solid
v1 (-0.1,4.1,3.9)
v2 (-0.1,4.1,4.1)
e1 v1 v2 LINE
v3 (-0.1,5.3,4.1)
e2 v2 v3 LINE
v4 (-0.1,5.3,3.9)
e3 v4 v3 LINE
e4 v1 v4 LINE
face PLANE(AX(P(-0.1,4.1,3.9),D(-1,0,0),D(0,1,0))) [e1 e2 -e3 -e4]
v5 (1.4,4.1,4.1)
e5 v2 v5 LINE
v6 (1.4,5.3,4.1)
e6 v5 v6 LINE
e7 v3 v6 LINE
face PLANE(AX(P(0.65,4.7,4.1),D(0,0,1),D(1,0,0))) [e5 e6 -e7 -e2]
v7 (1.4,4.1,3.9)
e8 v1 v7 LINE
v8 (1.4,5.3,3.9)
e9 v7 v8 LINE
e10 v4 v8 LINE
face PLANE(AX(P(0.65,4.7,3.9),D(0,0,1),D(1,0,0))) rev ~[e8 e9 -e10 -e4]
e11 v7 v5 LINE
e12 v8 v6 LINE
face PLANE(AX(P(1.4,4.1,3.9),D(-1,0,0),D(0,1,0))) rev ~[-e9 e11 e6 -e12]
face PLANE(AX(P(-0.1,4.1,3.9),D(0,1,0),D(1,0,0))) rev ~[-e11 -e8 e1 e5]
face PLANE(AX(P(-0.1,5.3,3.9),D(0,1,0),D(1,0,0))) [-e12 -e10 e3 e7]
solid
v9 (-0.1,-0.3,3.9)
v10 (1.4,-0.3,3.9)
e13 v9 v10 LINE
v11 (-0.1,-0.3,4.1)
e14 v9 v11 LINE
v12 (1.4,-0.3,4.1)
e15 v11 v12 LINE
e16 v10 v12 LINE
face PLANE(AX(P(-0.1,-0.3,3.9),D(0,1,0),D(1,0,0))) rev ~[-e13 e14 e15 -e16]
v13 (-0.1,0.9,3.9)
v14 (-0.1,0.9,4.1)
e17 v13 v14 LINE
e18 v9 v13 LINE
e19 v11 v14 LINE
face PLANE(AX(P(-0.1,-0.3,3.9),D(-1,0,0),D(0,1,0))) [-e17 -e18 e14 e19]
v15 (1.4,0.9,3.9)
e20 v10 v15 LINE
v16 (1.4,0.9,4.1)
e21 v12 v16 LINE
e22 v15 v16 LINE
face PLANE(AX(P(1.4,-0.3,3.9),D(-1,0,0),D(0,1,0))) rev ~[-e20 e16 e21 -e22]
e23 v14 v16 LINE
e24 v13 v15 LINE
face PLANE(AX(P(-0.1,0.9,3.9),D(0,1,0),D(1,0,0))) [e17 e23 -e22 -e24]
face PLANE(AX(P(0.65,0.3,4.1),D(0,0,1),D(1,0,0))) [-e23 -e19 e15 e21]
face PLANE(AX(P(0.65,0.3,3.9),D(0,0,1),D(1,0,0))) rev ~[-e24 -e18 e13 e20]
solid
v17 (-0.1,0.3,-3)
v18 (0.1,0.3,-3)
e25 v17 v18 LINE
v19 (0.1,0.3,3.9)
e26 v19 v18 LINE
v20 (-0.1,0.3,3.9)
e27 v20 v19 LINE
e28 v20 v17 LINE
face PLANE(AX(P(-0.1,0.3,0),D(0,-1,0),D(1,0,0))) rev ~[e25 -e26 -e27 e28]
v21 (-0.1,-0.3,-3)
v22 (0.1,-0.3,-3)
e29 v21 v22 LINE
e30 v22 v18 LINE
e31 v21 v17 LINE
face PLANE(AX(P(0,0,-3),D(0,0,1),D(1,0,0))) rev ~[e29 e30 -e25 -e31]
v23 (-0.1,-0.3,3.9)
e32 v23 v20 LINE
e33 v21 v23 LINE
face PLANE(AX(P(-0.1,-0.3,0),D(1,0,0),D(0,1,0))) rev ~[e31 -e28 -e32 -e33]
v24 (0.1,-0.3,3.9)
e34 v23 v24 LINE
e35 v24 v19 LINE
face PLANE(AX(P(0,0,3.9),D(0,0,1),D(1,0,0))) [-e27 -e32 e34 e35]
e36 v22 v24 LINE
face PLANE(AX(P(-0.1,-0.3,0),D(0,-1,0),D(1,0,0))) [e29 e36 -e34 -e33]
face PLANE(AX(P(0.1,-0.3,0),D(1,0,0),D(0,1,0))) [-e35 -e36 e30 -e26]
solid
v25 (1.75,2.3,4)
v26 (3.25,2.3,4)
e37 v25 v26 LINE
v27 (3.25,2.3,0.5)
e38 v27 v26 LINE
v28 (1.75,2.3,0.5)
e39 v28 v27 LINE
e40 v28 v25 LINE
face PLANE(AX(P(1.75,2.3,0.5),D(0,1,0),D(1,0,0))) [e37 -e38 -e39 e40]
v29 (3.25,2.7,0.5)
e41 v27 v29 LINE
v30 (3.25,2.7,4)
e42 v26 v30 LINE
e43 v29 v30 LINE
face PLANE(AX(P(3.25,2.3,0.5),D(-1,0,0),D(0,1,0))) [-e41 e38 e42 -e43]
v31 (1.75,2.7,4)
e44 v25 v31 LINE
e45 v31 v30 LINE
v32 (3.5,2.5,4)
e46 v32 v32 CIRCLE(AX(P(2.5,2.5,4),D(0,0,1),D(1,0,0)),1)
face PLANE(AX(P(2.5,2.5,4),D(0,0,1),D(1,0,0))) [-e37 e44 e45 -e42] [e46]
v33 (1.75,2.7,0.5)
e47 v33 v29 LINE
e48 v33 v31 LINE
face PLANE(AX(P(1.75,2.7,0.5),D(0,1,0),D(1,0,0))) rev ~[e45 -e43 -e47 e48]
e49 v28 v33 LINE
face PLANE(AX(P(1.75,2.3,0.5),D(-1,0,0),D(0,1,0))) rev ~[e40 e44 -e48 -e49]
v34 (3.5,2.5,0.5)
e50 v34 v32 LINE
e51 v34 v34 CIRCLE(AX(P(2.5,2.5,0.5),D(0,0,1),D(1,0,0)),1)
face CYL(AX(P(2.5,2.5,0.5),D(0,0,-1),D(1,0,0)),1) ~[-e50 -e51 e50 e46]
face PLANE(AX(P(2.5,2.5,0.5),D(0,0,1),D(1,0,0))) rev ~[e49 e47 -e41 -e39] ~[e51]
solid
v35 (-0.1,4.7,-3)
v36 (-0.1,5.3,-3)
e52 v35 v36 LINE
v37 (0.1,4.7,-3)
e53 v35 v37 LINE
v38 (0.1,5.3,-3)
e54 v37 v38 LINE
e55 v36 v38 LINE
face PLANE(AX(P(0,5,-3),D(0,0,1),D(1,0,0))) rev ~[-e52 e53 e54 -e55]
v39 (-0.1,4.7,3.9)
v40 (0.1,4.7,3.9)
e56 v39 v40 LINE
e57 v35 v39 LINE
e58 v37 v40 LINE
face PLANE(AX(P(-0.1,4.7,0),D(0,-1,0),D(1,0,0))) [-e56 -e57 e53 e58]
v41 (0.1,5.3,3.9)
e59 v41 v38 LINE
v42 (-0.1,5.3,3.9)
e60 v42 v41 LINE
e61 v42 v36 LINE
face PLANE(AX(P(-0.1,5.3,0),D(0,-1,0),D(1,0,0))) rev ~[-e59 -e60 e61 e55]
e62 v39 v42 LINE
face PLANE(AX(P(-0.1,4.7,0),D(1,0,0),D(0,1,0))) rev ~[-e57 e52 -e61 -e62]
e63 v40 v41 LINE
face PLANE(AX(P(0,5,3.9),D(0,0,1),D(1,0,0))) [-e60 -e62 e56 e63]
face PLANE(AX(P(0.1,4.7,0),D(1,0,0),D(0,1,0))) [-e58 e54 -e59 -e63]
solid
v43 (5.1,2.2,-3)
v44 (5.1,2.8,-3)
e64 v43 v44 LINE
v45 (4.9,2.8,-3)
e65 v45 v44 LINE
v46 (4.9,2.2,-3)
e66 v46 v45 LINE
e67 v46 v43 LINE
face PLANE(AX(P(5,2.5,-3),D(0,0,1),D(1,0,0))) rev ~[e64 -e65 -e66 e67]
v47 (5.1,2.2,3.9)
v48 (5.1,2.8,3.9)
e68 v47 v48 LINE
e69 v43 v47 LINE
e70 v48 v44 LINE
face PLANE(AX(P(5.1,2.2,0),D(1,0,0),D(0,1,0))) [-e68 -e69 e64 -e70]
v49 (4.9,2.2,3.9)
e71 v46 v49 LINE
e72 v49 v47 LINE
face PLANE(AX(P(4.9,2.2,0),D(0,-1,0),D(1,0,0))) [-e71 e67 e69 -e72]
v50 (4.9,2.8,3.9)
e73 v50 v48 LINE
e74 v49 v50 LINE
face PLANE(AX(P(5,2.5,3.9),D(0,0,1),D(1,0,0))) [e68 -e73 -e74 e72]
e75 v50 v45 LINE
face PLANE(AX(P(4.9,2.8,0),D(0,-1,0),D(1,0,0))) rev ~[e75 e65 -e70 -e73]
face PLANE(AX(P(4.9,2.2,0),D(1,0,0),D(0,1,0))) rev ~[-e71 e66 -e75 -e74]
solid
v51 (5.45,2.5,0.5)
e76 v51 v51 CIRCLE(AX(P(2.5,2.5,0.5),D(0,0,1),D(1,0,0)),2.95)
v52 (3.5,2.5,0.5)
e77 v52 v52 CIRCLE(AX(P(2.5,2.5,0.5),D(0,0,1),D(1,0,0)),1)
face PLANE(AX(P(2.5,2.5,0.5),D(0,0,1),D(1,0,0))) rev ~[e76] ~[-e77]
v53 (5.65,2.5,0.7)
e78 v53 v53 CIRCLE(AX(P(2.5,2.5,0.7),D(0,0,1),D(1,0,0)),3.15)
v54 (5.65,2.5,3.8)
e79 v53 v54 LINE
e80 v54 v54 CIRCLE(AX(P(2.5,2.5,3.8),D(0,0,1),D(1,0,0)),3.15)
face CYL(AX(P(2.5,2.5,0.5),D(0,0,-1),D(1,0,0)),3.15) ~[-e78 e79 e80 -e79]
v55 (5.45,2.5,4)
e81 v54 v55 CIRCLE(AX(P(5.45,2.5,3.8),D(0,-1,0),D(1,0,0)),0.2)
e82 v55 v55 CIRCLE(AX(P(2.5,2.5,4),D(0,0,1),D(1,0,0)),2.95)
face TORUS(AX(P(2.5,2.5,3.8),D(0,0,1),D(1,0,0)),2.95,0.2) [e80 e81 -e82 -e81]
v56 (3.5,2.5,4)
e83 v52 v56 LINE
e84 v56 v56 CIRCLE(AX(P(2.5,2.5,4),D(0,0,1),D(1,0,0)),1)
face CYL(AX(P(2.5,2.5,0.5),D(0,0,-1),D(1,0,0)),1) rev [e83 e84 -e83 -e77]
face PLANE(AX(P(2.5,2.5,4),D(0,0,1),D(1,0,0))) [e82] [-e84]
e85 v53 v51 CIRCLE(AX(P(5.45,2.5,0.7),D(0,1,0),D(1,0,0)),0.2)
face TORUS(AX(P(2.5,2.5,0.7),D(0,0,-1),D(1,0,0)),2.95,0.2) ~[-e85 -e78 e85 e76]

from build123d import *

# Parameters (mm, degrees)
SKETCH003_W       = 0.2
SKETCH003_H       = 0.6
PAD002_DEPTH      = 3.9
PAD002_DEPTH_BACK = 3
SKETCH004_R       = 1
SKETCH004_W       = 1.5
SKETCH004_H       = 0.4
PAD003_DEPTH      = 3.5
SKETCH_R          = 3.15
SKETCH_R_2        = 1
PAD_DEPTH         = 3.5
FILLET_R          = 0.2
SKETCH005_W       = 1.5
SKETCH005_H       = 1.2
PAD004_DEPTH      = 0.2


with BuildPart() as pad002:
    # Sketch003 → Pad002 (new body, two sides)
    with BuildSketch(Plane(origin=(0, 5, 0), x_dir=(1, 0, 0), z_dir=(0, 0, 1))) as pad002_sk:
        Rectangle(SKETCH003_W, SKETCH003_H)
        with Locations((5, -2.5)):
            Rectangle(SKETCH003_W, SKETCH003_H)
        with Locations((0, -5)):
            Rectangle(SKETCH003_W, SKETCH003_H)
    extrude(amount=PAD002_DEPTH)
    extrude(pad002_sk.sketch, amount=-PAD002_DEPTH_BACK)


with BuildPart() as pad003:
    # Sketch004 → Pad003 (new body)
    with BuildSketch(Plane(origin=(0, 5, 0.5), x_dir=(1, 0, 0), z_dir=(0, 0, 1))):
        with Locations((2.5, -2.5)):
            Circle(SKETCH004_R)
        with Locations((2.5, -2.5)):
            Rectangle(SKETCH004_W, SKETCH004_H, mode=Mode.SUBTRACT)
    extrude(amount=PAD003_DEPTH)


with BuildPart() as fillet_body:
    # Sketch → Pad (new body)
    with BuildSketch(Plane(origin=(0, 5, 0.5), x_dir=(1, 0, 0), z_dir=(0, 0, 1))):
        with Locations((2.5, -2.5)):
            Circle(SKETCH_R)
        with Locations((2.5, -2.5)):
            Circle(SKETCH_R_2, mode=Mode.SUBTRACT)
    extrude(amount=PAD_DEPTH)

    # Fillet
    fillet_edges = [fillet_body.edges().sort_by_distance(p)[0] for p in [
        (-0.65, 2.5, 0.5),
        (-0.65, 2.5, 4),
    ]]
    fillet(fillet_edges, radius=FILLET_R)


with BuildPart() as pad004:
    # Sketch005 → Pad004 (new body)
    with BuildSketch(Plane(origin=(0, 5, 3.9), x_dir=(1, 0, 0), z_dir=(0, 0, 1))):
        with Locations((0.65, -0.3)):
            Rectangle(SKETCH005_W, SKETCH005_H)
        with Locations((0.65, -4.7)):
            Rectangle(SKETCH005_W, SKETCH005_H)
    extrude(amount=PAD004_DEPTH)


solid = Compound([pad002.part, pad003.part, fillet_body.part, pad004.part])
